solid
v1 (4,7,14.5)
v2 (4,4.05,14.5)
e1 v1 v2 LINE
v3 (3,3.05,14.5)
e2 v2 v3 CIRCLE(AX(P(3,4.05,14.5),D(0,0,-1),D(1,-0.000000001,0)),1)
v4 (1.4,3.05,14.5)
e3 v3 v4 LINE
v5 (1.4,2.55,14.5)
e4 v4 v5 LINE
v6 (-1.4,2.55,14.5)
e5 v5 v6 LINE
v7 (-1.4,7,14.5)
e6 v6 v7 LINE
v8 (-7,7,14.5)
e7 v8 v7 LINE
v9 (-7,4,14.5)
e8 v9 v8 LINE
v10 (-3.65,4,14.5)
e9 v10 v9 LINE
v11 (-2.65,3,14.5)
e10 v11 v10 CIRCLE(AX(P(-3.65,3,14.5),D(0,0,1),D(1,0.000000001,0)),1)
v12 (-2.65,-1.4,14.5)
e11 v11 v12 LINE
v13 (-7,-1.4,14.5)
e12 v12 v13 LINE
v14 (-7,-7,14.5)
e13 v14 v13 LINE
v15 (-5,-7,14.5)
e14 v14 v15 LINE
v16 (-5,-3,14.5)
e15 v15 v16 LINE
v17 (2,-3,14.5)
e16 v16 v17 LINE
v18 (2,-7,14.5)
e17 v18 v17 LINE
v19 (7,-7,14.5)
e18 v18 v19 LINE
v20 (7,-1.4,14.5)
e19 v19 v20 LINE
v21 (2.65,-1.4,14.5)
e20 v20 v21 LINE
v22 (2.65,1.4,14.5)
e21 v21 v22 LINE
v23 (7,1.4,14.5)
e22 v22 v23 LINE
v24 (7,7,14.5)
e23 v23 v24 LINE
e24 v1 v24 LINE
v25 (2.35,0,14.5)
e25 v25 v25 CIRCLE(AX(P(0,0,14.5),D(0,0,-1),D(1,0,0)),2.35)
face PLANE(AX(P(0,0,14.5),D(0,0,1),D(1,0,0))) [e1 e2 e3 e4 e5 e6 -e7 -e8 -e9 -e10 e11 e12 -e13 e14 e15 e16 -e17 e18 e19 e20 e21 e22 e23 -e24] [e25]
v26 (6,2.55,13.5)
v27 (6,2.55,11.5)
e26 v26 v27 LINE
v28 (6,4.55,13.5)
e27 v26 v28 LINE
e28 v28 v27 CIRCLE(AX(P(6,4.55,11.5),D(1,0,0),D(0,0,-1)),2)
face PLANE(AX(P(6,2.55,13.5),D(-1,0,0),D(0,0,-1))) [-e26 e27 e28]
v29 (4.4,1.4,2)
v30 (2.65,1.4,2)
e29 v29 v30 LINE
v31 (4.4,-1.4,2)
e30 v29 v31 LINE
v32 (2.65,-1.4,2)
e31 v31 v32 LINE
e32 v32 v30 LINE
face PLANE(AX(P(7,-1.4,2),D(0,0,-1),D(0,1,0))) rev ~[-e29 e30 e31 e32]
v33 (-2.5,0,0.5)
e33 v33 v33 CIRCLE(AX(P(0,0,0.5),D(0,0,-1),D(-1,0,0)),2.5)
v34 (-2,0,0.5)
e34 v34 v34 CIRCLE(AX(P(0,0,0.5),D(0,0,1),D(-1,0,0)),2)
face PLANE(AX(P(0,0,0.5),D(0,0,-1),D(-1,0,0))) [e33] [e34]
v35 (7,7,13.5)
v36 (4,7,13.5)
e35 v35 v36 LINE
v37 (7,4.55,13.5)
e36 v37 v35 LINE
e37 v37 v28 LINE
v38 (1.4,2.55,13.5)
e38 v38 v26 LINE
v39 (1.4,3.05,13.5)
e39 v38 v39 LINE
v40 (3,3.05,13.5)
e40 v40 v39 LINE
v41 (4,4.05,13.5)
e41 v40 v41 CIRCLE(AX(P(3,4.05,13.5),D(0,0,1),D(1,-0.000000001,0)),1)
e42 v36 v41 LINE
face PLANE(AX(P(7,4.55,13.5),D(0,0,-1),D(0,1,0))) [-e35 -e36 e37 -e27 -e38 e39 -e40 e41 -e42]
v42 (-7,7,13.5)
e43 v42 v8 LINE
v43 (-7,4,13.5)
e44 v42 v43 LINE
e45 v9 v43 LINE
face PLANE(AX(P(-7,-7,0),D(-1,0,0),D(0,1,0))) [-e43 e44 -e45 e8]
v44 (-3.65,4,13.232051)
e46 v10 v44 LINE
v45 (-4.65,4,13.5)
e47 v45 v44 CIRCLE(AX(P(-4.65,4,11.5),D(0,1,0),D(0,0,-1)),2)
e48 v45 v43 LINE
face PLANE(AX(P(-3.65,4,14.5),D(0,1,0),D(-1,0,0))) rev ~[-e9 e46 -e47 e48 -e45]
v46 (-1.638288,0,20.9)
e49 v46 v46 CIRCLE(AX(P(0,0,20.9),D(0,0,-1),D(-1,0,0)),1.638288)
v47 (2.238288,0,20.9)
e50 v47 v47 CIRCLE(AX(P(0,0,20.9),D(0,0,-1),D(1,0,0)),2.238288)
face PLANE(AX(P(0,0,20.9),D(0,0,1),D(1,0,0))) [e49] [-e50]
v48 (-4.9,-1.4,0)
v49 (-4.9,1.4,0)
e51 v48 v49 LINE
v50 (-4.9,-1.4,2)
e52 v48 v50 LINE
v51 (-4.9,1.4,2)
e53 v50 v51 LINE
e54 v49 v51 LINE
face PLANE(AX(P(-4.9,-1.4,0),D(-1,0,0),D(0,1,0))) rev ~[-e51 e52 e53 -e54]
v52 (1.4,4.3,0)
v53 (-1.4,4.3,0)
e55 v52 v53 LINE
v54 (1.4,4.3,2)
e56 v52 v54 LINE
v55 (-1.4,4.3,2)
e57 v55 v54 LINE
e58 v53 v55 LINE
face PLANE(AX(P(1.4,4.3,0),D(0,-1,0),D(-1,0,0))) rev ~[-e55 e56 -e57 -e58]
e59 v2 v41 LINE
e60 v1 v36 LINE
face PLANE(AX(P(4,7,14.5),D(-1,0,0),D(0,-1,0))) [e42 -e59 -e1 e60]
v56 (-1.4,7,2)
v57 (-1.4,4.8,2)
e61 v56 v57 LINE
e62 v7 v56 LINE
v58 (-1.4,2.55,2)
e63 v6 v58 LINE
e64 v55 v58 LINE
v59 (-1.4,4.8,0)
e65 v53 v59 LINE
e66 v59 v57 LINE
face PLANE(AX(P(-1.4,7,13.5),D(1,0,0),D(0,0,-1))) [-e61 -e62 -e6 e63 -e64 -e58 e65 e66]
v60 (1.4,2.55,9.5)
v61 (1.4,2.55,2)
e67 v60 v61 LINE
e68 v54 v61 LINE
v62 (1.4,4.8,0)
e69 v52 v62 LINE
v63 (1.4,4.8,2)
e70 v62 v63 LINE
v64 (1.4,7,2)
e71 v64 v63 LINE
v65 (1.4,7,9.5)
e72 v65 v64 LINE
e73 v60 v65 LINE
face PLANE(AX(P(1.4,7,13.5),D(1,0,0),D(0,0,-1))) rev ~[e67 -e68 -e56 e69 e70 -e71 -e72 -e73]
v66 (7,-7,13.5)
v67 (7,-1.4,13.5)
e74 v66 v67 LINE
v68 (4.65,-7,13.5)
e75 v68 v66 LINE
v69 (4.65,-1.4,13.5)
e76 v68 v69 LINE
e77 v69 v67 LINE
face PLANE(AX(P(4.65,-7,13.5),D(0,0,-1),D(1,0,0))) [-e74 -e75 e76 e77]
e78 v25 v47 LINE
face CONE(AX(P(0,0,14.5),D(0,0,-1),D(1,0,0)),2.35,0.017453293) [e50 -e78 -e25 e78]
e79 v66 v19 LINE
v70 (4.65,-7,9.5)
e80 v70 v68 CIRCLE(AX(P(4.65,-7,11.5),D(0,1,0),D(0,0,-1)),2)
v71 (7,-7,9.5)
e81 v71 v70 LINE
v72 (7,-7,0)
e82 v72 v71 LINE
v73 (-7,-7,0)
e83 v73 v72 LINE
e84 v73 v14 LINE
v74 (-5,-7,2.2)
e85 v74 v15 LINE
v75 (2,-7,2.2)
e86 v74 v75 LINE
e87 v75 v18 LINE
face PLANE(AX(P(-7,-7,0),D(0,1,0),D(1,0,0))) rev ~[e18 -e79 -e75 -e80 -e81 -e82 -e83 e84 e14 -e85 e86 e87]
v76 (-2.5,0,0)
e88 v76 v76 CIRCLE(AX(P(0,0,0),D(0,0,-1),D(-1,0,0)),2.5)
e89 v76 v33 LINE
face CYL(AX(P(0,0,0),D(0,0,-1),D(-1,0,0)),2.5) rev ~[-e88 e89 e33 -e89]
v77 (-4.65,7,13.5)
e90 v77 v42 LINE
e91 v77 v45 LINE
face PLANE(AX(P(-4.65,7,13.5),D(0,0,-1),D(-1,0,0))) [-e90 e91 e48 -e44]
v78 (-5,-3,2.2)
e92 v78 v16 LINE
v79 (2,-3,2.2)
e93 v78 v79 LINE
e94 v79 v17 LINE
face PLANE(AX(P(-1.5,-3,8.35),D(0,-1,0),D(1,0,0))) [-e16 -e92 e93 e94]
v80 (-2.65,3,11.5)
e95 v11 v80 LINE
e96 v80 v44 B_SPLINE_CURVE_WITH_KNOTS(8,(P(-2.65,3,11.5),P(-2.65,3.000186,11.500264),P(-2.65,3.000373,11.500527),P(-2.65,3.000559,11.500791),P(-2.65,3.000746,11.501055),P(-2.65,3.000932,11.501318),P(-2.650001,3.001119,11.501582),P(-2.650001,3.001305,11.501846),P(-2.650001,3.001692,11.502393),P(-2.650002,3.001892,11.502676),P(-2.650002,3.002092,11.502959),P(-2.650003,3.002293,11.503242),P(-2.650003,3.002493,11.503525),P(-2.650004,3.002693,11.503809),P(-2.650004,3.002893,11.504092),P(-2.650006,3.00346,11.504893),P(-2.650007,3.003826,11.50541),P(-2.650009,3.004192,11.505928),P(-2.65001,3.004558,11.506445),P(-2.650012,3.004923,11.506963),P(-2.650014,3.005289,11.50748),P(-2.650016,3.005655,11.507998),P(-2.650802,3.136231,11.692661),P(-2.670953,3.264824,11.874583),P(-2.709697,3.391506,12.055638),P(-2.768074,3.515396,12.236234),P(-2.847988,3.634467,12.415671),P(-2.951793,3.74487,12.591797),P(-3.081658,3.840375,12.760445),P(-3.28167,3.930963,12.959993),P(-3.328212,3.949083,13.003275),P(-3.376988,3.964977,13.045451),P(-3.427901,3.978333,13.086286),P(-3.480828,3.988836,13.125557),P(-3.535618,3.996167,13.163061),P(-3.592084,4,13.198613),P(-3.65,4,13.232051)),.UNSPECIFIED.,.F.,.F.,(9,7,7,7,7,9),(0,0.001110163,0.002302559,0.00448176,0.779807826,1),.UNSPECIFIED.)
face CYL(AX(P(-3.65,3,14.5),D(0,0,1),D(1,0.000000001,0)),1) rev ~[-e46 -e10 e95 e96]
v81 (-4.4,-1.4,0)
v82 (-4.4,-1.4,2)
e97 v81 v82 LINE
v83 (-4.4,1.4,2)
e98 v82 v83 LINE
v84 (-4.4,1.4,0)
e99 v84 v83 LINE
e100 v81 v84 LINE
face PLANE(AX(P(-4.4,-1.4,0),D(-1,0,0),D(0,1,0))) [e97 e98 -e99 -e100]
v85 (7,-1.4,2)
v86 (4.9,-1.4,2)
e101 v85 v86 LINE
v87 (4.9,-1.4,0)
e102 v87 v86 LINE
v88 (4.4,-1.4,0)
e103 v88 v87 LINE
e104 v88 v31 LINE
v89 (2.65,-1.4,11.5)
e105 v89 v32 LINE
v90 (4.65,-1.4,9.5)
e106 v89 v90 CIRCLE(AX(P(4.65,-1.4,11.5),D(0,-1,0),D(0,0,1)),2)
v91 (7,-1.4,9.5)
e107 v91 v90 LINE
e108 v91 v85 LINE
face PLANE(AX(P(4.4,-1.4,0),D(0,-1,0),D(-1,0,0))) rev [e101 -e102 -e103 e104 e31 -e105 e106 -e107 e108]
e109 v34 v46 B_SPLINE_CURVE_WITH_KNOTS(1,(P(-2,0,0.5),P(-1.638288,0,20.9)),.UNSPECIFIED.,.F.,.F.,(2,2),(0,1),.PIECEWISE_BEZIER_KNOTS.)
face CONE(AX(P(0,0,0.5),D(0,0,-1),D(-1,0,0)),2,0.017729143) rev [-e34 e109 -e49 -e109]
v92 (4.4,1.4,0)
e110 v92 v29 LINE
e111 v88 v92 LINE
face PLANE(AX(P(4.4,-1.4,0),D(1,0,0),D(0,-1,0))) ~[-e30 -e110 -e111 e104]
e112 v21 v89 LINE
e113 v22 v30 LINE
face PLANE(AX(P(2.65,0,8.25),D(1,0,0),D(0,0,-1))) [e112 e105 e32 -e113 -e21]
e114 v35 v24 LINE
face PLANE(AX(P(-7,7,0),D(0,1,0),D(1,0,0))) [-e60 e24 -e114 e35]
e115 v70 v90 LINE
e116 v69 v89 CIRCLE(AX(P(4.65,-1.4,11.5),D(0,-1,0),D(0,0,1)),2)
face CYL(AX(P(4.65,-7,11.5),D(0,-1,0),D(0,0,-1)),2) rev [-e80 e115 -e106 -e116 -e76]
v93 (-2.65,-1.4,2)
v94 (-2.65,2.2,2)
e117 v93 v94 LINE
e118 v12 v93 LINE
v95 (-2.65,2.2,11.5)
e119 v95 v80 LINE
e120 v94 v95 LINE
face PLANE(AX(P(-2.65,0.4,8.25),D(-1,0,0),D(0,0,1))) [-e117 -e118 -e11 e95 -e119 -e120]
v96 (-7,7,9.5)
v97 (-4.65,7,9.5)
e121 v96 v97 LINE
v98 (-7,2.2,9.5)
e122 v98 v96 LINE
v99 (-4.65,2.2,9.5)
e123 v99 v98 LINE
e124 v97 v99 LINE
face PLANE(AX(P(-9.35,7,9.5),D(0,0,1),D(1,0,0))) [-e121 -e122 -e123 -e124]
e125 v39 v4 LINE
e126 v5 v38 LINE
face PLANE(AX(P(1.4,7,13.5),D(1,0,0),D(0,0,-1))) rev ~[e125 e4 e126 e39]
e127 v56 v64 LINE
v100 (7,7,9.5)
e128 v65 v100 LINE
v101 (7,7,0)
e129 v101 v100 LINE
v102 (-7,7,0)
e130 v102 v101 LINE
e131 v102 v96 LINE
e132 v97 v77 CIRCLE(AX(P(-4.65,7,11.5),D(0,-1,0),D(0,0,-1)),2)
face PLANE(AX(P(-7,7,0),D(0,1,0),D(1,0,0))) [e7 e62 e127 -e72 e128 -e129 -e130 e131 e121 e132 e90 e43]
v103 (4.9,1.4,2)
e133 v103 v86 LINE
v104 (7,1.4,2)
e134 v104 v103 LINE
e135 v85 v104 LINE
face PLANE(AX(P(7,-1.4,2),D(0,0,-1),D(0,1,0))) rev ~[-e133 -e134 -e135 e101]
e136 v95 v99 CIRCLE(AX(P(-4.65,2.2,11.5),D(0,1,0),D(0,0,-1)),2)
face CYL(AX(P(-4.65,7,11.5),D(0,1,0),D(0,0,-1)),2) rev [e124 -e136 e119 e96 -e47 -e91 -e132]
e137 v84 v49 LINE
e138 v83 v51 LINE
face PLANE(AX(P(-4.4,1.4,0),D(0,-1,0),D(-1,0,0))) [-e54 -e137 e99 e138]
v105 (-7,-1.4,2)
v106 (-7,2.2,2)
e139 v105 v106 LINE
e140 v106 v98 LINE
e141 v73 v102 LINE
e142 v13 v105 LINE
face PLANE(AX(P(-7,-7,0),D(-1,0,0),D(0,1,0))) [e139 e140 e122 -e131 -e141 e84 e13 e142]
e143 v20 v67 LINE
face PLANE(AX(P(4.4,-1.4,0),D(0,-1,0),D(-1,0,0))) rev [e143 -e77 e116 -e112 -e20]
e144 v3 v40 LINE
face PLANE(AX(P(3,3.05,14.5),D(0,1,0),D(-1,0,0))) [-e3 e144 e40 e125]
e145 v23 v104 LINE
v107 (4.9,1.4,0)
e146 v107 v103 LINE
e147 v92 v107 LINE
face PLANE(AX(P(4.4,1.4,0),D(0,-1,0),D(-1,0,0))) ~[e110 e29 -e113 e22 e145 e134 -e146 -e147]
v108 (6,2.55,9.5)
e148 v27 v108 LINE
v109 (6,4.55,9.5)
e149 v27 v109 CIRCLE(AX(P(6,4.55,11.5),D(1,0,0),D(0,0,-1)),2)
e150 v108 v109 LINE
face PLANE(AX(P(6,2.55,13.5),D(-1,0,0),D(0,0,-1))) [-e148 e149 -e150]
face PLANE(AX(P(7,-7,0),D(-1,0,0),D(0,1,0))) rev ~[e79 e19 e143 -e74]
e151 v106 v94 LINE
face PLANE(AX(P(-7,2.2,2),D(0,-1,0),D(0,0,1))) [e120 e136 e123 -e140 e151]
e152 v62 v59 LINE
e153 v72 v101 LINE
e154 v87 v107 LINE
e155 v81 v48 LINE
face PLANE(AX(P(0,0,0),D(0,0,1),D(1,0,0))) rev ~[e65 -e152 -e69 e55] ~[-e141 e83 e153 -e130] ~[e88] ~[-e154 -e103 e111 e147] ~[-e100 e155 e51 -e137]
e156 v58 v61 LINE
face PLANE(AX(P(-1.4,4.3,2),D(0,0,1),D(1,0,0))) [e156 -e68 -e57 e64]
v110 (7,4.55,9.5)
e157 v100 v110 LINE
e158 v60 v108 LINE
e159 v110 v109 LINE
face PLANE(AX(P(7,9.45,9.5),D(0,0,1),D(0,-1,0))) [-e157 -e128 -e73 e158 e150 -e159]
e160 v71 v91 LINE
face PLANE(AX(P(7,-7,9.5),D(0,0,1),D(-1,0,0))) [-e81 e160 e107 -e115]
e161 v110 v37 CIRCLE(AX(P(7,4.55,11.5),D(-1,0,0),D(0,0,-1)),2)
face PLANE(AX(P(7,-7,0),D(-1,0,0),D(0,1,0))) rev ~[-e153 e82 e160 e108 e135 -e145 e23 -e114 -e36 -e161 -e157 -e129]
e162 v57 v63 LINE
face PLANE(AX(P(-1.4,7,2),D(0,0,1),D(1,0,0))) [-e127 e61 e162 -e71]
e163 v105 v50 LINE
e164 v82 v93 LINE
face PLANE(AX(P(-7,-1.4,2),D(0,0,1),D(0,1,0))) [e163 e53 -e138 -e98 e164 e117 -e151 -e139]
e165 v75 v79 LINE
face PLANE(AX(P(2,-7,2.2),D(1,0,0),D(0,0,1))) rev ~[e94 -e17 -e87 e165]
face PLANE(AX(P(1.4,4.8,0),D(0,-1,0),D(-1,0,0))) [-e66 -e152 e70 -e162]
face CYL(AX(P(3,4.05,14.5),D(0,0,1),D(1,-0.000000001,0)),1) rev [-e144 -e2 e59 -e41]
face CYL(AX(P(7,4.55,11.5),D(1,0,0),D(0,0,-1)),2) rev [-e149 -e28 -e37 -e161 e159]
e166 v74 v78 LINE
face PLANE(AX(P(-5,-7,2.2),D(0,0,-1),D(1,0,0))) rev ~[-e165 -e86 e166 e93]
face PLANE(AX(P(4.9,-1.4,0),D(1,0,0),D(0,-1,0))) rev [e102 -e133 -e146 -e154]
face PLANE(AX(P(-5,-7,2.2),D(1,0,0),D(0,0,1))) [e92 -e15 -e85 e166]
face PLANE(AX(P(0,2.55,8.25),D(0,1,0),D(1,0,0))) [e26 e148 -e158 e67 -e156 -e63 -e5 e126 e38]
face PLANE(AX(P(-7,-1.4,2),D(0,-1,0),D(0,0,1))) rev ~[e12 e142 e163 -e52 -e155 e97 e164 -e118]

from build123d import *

# Parameters (mm, degrees)
BASES_W                            = 14
BASES_H                            = 14
BASE_DEPTH                         = 14.5
NEUTRALS_W                         = 0.5
NEUTRALS_H                         = 2.8
NEUTRAL_DEPTH                      = 18.557049866
GROUNDS_W                          = 2.8
GROUNDS_H                          = 0.5
GROUND_DEPTH                       = 18.557049866
TOP_GROUND_AREA_REACH              = 23.337
SKETCH1_W                          = 2.8
SKETCH1_H                          = 11.5
SKETCH15_W                         = 2.8
SKETCH15_H                         = 12.5
GND_POCKET_EXTRA_CUT_DEPTH         = 1.75
SIDE_GROUND_AREA_DEPTH             = 5
SIDE_GND_TERMINAL_SCREW_AREA_REACH = 23.337
POCKET_START                       = -1.75
SKETCH4_W                          = 7.4
SKETCH4_H                          = 4
POCKET_GND_TERMINAL_AREA_DEPTH     = 2
SKETCH6_W                          = 12.5
SKETCH6_H                          = 3.6
NEUTRAL_SIDE_AREA_CUT_DEPTH        = 4.35
NEUTRAL_SIDE_SCREW_TERMINAL_DEPTH  = 8.4
NEUTRAL_SIDE_CURVED_WALL_CUT_REACH = 19.557
SKETCH8_W                          = 12.5
SKETCH8_H                          = 2.8
LINE_AREA_CUT_DEPTH                = 4.35
LINE_SIDE_SCREW_TERMINAL_REACH     = 23.337
SKETCH10_W                         = 7
SKETCH10_H                         = 12.3
BOTTOM_POCKET_DEPTH                = 4
SKETCH11_R                         = 2.5
FASTENER_TOP_BORE_DEPTH            = 0.5
SKETCH13_R                         = 2.35
FASTENER_BOSS_DEPTH                = 6.4
FASTENER_BOSS_TAPER                = 1
SKETCH12_R                         = 2
SKETCH14_R                         = 1.638287584


with BuildPart() as part:
    # BaseS → BASE (new body)
    with BuildSketch(Plane.XY):
        Rectangle(BASES_W, BASES_H)
    extrude(amount=BASE_DEPTH)

    # NeutralS → NEUTRAL (cut, through all)
    with BuildSketch(Plane(origin=(0, 0, 0), x_dir=(-1, 0, 0), z_dir=(0, 0, -1))):
        with Locations((4.65, 0)):
            Rectangle(NEUTRALS_W, NEUTRALS_H)
    neutral = extrude(amount=-NEUTRAL_DEPTH, mode=Mode.SUBTRACT)

    # LINE HM: NEUTRAL across plane
    add(neutral.mirror(Plane(origin=(0, 0, 0), x_dir=(0, 0, 1), z_dir=(1, 0, 0))), mode=Mode.SUBTRACT)

    # GroundS → GROUND (cut, through all)
    with BuildSketch(Plane(origin=(0, 0, 0), x_dir=(-1, 0, 0), z_dir=(0, 0, -1))):
        with Locations((0, 4.55)):
            Rectangle(GROUNDS_W, GROUNDS_H)
    extrude(amount=-GROUND_DEPTH, mode=Mode.SUBTRACT)

    # Sketch1 → TOP GROUND AREA (cut, up to next)
    with BuildSketch(Plane(origin=(0, 7, 0), x_dir=(1, 0, 0), z_dir=(0, 1, 0)), mode=Mode.PRIVATE) as top_ground_area_sk1:
        with Locations((0, -7.75)):
            Rectangle(SKETCH1_W, SKETCH1_H)
    top_ground_area_tool1 = extrude(top_ground_area_sk1.sketch, amount=-TOP_GROUND_AREA_REACH, mode=Mode.PRIVATE) & part.part
    add(top_ground_area_tool1.solids().sort_by_distance((0, 7, 7.75))[0], mode=Mode.SUBTRACT)

    # Sketch15 → GND POCKET EXTRA CUT (cut)
    with BuildSketch(Plane(origin=(0, 4.3, 0), x_dir=(1, 0, 0), z_dir=(0, 1, 0))):
        with Locations((0, -8.25)):
            Rectangle(SKETCH15_W, SKETCH15_H)
    extrude(amount=-GND_POCKET_EXTRA_CUT_DEPTH, mode=Mode.SUBTRACT)

    # Sketch2 → SIDE GROUND AREA (cut)
    with BuildSketch(Plane.XY.offset(14.5)):
        with BuildLine():
            Line((4, 7), (4, 4.05))
            ThreePointArc((4, 4.05), (3.707106781, 3.342893219), (3, 3.05))
            Line((3, 3.05), (0.6, 3.05))
            Line((0.6, 3.05), (0.6, 2.55))
            Line((0.6, 2.55), (-1.4, 2.55))
            Line((-1.4, 2.55), (-1.4, 7))
            Line((-1.4, 7), (4, 7))
        make_face()
    extrude(amount=-SIDE_GROUND_AREA_DEPTH, mode=Mode.SUBTRACT)

    # SIDE GND TERMINAL SCREW AREA: up to this face of the body (flat: up to its plane)
    side_gnd_terminal_screw_area_end = Plane(part.part.faces().sort_by_distance((1.4, 4.635, 6.044915254))[0])
    # Sketch3 → SIDE GND TERMINAL SCREW AREA (cut, up to the picked face)
    with BuildSketch(Plane(origin=(7, 0, 0), x_dir=(0, 0, -1), z_dir=(1, 0, 0)), mode=Mode.PRIVATE) as side_gnd_terminal_screw_area_sk1:
        with BuildLine():
            Line((-9.5, 9.45), (-9.5, 4.55))
            ThreePointArc((-9.5, 4.55), (-11.5, 2.55), (-13.5, 4.55))
            Line((-13.5, 4.55), (-13.5, 9.45))
            ThreePointArc((-13.5, 9.45), (-11.5, 11.45), (-9.5, 9.45))
        make_face()
    side_gnd_terminal_screw_area_tool1 = split(extrude(side_gnd_terminal_screw_area_sk1.sketch, amount=-SIDE_GND_TERMINAL_SCREW_AREA_REACH, mode=Mode.PRIVATE), bisect_by=side_gnd_terminal_screw_area_end, keep=Keep.BOTH, mode=Mode.PRIVATE)
    add(side_gnd_terminal_screw_area_tool1.solids().sort_by(Axis((7, 7, 11.5), (-1, 0, 0)))[0], mode=Mode.SUBTRACT)

    # Sketch4 → POCKET GND TERMINAL AREA (cut)
    with BuildSketch(Plane(origin=(0, 4.3, 0), x_dir=(1, 0, 0), z_dir=(0, 1, 0)).offset(POCKET_START)):
        with Locations((2.3, -11.5)):
            Rectangle(SKETCH4_W, SKETCH4_H)
    extrude(amount=POCKET_GND_TERMINAL_AREA_DEPTH, mode=Mode.SUBTRACT)

    # Sketch6 → NEUTRAL SIDE AREA CUT (cut)
    with BuildSketch(Plane.ZY.offset(7)):
        with Locations((8.25, 0.4)):
            Rectangle(SKETCH6_W, SKETCH6_H)
    extrude(amount=-NEUTRAL_SIDE_AREA_CUT_DEPTH, mode=Mode.SUBTRACT)

    # Sketch5 → NEUTRAL SIDE SCREW TERMINAL (cut)
    with BuildSketch(Plane(origin=(0, 7, 0), x_dir=(1, 0, 0), z_dir=(0, 1, 0))):
        with BuildLine():
            Line((-9.35, -9.5), (-4.65, -9.5))
            ThreePointArc((-4.65, -9.5), (-2.65, -11.5), (-4.65, -13.5))
            Line((-4.65, -13.5), (-9.35, -13.5))
            ThreePointArc((-9.35, -13.5), (-11.35, -11.5), (-9.35, -9.5))
        make_face()
    extrude(amount=-NEUTRAL_SIDE_SCREW_TERMINAL_DEPTH, mode=Mode.SUBTRACT)

    # Sketch7 → NEUTRAL SIDE CURVED WALL CUT (cut, up to next)
    with BuildSketch(Plane.XY.offset(14.5), mode=Mode.PRIVATE) as neutral_side_curved_wall_cut_sk1:
        with BuildLine():
            Line((-7, 2.2), (-2.65, 2.2))
            Line((-2.65, 2.2), (-2.65, 3))
            ThreePointArc((-2.65, 3), (-2.942893219, 3.707106781), (-3.65, 4))
            Line((-3.65, 4), (-7, 4))
            Line((-7, 4), (-7, 2.2))
        make_face()
    neutral_side_curved_wall_cut_tool1 = extrude(neutral_side_curved_wall_cut_sk1.sketch, amount=-NEUTRAL_SIDE_CURVED_WALL_CUT_REACH, mode=Mode.PRIVATE) & part.part
    add(neutral_side_curved_wall_cut_tool1.solids().sort_by_distance((-4.879997, 3.080933, 14.5))[0], mode=Mode.SUBTRACT)

    # Sketch8 → LINE AREA CUT (cut)
    with BuildSketch(Plane(origin=(7, 0, 0), x_dir=(0, 0, -1), z_dir=(1, 0, 0))):
        with Locations((-8.25, 0)):
            Rectangle(SKETCH8_W, SKETCH8_H)
    extrude(amount=-LINE_AREA_CUT_DEPTH, mode=Mode.SUBTRACT)

    # Sketch9 → LINE SIDE SCREW TERMINAL (cut, up to next)
    with BuildSketch(Plane(origin=(0, -7, 0), x_dir=(-1, 0, 0), z_dir=(0, -1, 0)), mode=Mode.PRIVATE) as line_side_screw_terminal_sk1:
        with BuildLine():
            Line((-4.65, -13.5), (-7, -13.5))
            ThreePointArc((-7, -13.5), (-9, -11.5), (-7, -9.5))
            Line((-7, -9.5), (-4.65, -9.5))
            ThreePointArc((-4.65, -9.5), (-2.65, -11.5), (-4.65, -13.5))
        make_face()
    line_side_screw_terminal_tool1 = extrude(line_side_screw_terminal_sk1.sketch, amount=-LINE_SIDE_SCREW_TERMINAL_REACH, mode=Mode.PRIVATE) & part.part
    add(line_side_screw_terminal_tool1.solids().sort_by_distance((5.825, -7, 11.5))[0], mode=Mode.SUBTRACT)

    # Sketch10 → BOTTOM POCKET (cut)
    with BuildSketch(Plane.XZ.offset(7)):
        with Locations((-1.5, 8.35)):
            Rectangle(SKETCH10_W, SKETCH10_H)
    extrude(amount=-BOTTOM_POCKET_DEPTH, mode=Mode.SUBTRACT)

    # Sketch11 → FASTENER TOP BORE (cut)
    with BuildSketch(Plane(origin=(0, 0, 0), x_dir=(-1, 0, 0), z_dir=(0, 0, -1))):
        Circle(SKETCH11_R)
    extrude(amount=-FASTENER_TOP_BORE_DEPTH, mode=Mode.SUBTRACT)

    # Sketch13 → FASTENER BOSS (add)
    with BuildSketch(Plane.XY.offset(14.5)):
        Circle(SKETCH13_R)
    extrude(amount=FASTENER_BOSS_DEPTH, taper=FASTENER_BOSS_TAPER)

    # Sketch12 → FASTENER CLEARANCE HOLE section 0
    with BuildSketch(Plane(origin=(0, 0, 0.5), x_dir=(-1, 0, 0), z_dir=(0, 0, -1))):
        Circle(SKETCH12_R)
    # Sketch14 → FASTENER CLEARANCE HOLE section 1
    with BuildSketch(Plane.XY.offset(20.9)):
        Circle(SKETCH14_R)
    loft(mode=Mode.SUBTRACT)


solid = part.part
